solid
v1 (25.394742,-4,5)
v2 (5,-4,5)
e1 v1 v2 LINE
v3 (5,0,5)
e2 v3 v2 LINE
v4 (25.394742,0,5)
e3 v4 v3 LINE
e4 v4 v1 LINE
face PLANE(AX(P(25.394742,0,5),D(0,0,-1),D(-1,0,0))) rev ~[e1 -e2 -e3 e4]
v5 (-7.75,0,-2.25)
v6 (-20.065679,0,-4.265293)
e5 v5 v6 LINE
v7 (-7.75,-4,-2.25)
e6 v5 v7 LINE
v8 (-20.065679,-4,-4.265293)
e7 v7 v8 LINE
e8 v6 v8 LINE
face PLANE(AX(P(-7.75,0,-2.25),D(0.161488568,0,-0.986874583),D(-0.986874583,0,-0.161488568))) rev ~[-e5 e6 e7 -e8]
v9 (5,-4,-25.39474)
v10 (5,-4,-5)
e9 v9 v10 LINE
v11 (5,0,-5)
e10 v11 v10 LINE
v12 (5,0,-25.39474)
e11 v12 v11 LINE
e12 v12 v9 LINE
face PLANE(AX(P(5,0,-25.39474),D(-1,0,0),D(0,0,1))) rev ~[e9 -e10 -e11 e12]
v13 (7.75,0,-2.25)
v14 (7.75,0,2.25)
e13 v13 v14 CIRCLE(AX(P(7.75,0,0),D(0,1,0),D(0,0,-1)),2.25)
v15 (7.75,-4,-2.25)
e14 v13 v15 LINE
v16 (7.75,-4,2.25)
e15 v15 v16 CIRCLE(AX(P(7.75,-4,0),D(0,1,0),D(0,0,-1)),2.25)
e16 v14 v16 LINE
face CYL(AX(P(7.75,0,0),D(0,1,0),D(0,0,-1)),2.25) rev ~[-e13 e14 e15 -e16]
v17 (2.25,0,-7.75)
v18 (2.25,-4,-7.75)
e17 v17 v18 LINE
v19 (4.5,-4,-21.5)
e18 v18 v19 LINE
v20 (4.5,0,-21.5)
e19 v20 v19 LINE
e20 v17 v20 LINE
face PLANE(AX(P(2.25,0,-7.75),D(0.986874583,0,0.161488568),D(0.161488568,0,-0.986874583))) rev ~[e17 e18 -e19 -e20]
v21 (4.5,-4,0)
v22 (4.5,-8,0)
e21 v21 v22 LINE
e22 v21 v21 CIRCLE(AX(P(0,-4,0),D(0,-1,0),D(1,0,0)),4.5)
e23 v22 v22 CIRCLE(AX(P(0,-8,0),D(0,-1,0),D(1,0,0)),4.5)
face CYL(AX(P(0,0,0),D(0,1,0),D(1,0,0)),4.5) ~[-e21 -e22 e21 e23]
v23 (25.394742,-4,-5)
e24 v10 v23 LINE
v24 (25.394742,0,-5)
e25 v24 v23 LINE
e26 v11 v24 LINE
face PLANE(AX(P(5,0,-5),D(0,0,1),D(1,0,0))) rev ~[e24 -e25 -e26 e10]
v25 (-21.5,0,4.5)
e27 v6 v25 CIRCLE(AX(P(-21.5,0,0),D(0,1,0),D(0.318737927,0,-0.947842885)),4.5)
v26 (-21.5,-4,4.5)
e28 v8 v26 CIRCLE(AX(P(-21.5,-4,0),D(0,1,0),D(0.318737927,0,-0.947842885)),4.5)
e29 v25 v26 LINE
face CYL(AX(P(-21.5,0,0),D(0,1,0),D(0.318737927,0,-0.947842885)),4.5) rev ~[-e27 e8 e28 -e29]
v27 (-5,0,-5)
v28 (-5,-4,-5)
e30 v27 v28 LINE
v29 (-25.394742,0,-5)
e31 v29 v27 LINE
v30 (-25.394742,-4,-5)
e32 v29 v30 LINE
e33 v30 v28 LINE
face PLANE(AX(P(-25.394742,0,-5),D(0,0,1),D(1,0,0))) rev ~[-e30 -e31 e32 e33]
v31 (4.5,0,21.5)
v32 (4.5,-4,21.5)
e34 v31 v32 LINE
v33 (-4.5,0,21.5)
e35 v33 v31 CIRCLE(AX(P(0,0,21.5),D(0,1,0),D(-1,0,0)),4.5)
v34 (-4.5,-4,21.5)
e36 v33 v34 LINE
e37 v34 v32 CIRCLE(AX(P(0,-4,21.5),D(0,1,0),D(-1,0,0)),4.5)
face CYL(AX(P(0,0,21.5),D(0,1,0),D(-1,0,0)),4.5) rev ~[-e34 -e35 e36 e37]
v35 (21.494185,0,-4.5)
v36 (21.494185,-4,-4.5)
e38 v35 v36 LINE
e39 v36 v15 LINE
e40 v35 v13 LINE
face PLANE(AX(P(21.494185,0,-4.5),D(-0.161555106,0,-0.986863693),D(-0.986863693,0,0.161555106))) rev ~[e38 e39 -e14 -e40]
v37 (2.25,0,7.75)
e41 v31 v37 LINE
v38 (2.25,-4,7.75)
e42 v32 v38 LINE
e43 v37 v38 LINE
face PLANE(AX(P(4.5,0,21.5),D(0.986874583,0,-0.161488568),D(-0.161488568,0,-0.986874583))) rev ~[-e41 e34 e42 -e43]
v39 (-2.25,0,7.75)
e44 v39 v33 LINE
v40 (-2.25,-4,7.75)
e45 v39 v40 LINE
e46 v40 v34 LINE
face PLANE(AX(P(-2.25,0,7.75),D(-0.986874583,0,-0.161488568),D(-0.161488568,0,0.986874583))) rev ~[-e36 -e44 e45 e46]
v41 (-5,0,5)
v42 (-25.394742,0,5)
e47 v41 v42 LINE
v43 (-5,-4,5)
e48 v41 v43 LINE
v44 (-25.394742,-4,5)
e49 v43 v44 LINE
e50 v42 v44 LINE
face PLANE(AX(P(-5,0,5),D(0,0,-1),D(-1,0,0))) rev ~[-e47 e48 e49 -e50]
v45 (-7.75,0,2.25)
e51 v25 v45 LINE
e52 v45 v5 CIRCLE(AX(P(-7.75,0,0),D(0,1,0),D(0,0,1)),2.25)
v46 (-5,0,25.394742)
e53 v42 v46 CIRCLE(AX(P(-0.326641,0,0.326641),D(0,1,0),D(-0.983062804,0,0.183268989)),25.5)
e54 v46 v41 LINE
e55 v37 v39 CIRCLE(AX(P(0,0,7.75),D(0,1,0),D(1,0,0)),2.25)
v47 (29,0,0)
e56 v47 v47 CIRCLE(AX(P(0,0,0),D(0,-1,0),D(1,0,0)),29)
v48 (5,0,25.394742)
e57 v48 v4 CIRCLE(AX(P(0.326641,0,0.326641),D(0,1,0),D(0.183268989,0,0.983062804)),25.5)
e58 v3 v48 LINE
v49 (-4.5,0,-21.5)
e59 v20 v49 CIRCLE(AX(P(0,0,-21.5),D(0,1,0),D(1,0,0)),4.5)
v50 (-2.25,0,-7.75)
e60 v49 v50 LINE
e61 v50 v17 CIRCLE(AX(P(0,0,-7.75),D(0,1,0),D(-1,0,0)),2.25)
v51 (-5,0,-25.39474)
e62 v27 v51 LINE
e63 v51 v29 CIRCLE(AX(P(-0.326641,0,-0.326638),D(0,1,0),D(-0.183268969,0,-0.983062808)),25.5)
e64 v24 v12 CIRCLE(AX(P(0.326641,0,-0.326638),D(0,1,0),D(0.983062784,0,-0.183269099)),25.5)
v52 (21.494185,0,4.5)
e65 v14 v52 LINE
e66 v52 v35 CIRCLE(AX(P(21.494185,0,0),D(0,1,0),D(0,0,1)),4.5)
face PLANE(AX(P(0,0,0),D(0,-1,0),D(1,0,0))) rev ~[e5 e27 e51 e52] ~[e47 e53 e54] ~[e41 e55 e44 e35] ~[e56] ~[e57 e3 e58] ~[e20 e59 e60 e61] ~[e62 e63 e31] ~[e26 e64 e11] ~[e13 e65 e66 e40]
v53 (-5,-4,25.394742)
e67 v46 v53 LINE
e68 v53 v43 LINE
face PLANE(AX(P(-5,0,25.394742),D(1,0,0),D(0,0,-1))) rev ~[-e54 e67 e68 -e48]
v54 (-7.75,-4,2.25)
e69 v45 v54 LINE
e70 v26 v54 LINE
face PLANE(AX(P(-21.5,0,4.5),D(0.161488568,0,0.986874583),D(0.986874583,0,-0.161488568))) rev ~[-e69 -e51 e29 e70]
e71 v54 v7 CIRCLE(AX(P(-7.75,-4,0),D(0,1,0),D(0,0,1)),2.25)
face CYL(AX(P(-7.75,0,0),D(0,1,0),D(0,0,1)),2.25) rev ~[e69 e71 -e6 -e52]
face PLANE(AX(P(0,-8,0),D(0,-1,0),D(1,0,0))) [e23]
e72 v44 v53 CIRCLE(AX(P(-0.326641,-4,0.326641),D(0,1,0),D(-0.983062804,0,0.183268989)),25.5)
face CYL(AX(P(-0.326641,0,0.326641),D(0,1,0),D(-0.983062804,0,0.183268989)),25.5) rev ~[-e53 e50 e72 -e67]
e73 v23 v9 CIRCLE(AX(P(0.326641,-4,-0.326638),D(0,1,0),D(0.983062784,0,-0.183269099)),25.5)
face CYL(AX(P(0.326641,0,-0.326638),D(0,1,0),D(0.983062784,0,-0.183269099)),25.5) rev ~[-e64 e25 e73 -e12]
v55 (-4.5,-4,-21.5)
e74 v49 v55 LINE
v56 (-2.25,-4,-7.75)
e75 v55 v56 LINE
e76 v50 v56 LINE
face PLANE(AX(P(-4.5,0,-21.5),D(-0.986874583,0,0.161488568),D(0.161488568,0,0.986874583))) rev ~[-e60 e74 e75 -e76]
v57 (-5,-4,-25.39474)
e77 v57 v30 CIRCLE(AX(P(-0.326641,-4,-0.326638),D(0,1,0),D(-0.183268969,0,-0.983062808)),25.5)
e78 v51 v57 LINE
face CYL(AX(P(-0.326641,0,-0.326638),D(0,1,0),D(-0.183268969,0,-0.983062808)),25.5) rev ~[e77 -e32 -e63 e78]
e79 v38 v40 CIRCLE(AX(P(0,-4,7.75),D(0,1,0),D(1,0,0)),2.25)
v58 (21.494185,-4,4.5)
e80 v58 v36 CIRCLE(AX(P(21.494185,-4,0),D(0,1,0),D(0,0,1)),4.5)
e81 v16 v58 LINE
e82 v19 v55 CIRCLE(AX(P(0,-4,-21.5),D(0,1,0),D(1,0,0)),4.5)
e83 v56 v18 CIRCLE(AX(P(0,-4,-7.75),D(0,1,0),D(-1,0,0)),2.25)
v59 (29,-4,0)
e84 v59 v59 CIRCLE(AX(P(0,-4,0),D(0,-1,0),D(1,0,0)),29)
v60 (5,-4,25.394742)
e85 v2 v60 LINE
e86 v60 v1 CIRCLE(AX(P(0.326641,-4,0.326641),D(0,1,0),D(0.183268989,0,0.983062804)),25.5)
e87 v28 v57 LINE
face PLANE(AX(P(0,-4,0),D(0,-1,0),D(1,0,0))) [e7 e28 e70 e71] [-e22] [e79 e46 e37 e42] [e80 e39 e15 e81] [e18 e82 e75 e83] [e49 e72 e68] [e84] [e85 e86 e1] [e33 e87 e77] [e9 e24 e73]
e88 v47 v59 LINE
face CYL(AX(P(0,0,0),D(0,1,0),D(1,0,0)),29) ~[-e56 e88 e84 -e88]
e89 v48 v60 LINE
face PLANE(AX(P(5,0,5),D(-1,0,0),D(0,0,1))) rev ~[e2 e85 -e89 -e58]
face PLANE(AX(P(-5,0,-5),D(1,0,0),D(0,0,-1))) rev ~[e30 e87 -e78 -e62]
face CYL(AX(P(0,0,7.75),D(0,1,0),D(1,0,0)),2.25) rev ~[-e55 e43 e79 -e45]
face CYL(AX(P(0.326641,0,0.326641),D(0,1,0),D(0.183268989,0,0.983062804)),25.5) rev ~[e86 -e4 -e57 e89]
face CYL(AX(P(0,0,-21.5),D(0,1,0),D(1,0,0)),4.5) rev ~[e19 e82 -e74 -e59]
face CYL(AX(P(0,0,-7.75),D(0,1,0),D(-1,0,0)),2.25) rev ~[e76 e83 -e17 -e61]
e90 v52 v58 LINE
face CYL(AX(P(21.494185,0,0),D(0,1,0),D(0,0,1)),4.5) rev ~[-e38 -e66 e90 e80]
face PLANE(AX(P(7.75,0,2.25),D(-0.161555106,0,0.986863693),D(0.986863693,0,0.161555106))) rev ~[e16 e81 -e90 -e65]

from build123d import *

# Parameters (mm, degrees)
F0_R     = 4.5
F1_DEPTH = 8
F0_R_2   = 29
F0_R_3   = 27
F2_DEPTH = 4


with BuildPart() as f1:
    # F0 (on Front) → F1 (new body)
    with BuildSketch(Plane.XZ):
        Circle(F0_R)
    extrude(amount=F1_DEPTH)

    # F0 (on Front) → F2 (join)
    with BuildSketch(Plane.XZ):
        Circle(F0_R_2)
        Circle(F0_R_3, mode=Mode.SUBTRACT)
        Circle(F0_R_3)
        with BuildLine():
            Line((-25.3947422835, -5), (-5, -5))
            Line((-5, -5), (-5, -25.3947395831))
            ThreePointArc((-5, -25.3947395831), (-18.3578630178, -18.3578620861), (-25.3947422835, -5))
        make_face(mode=Mode.SUBTRACT)
        with BuildLine():
            ThreePointArc((4.5, -21.5), (0, -26), (-4.5, -21.5))
            Line((-4.5, -21.5), (-2.25, -7.75))
            ThreePointArc((-2.25, -7.75), (0, -5.5), (2.25, -7.75))
            Line((2.25, -7.75), (4.5, -21.5))
        make_face(mode=Mode.SUBTRACT)
        with BuildLine():
            Line((5, -25.3947395831), (5, -5))
            Line((5, -5), (25.3947422835, -5))
            ThreePointArc((25.3947422835, -5), (18.3578630178, -18.3578620861), (5, -25.3947395831))
        make_face(mode=Mode.SUBTRACT)
        with BuildLine():
            ThreePointArc((-20.0656793303, -4.2652929813), (-25.940935623, -0.7266985565), (-21.5, 4.5))
            Line((-21.5, 4.5), (-7.75, 2.25))
            ThreePointArc((-7.75, 2.25), (-5.5, 0), (-7.75, -2.25))
            Line((-7.75, -2.25), (-20.0656793303, -4.2652929813))
        make_face(mode=Mode.SUBTRACT)
        with BuildLine():
            Line((-5, 25.3947422835), (-5, 5))
            Line((-5, 5), (-25.3947422835, 5))
            ThreePointArc((-25.3947422835, 5), (-18.35786369, 18.35786369), (-5, 25.3947422835))
        make_face(mode=Mode.SUBTRACT)
        Circle(F0_R, mode=Mode.SUBTRACT)
        with BuildLine():
            ThreePointArc((7.75, -2.25), (5.5, 0), (7.75, 2.25))
            Line((7.75, 2.25), (21.4941852602, 4.5))
            ThreePointArc((21.4941852602, 4.5), (25.9941852602, 0), (21.4941852602, -4.5))
            Line((21.4941852602, -4.5), (7.75, -2.25))
        make_face(mode=Mode.SUBTRACT)
        with BuildLine():
            ThreePointArc((-4.5, 21.5), (0, 26), (4.5, 21.5))
            Line((4.5, 21.5), (2.25, 7.75))
            ThreePointArc((2.25, 7.75), (0, 5.5), (-2.25, 7.75))
            Line((-2.25, 7.75), (-4.5, 21.5))
        make_face(mode=Mode.SUBTRACT)
        with BuildLine():
            Line((25.3947422835, 5), (5, 5))
            Line((5, 5), (5, 25.3947422835))
            ThreePointArc((5, 25.3947422835), (18.35786369, 18.35786369), (25.3947422835, 5))
        make_face(mode=Mode.SUBTRACT)
    extrude(amount=F2_DEPTH)


solid = f1.part
